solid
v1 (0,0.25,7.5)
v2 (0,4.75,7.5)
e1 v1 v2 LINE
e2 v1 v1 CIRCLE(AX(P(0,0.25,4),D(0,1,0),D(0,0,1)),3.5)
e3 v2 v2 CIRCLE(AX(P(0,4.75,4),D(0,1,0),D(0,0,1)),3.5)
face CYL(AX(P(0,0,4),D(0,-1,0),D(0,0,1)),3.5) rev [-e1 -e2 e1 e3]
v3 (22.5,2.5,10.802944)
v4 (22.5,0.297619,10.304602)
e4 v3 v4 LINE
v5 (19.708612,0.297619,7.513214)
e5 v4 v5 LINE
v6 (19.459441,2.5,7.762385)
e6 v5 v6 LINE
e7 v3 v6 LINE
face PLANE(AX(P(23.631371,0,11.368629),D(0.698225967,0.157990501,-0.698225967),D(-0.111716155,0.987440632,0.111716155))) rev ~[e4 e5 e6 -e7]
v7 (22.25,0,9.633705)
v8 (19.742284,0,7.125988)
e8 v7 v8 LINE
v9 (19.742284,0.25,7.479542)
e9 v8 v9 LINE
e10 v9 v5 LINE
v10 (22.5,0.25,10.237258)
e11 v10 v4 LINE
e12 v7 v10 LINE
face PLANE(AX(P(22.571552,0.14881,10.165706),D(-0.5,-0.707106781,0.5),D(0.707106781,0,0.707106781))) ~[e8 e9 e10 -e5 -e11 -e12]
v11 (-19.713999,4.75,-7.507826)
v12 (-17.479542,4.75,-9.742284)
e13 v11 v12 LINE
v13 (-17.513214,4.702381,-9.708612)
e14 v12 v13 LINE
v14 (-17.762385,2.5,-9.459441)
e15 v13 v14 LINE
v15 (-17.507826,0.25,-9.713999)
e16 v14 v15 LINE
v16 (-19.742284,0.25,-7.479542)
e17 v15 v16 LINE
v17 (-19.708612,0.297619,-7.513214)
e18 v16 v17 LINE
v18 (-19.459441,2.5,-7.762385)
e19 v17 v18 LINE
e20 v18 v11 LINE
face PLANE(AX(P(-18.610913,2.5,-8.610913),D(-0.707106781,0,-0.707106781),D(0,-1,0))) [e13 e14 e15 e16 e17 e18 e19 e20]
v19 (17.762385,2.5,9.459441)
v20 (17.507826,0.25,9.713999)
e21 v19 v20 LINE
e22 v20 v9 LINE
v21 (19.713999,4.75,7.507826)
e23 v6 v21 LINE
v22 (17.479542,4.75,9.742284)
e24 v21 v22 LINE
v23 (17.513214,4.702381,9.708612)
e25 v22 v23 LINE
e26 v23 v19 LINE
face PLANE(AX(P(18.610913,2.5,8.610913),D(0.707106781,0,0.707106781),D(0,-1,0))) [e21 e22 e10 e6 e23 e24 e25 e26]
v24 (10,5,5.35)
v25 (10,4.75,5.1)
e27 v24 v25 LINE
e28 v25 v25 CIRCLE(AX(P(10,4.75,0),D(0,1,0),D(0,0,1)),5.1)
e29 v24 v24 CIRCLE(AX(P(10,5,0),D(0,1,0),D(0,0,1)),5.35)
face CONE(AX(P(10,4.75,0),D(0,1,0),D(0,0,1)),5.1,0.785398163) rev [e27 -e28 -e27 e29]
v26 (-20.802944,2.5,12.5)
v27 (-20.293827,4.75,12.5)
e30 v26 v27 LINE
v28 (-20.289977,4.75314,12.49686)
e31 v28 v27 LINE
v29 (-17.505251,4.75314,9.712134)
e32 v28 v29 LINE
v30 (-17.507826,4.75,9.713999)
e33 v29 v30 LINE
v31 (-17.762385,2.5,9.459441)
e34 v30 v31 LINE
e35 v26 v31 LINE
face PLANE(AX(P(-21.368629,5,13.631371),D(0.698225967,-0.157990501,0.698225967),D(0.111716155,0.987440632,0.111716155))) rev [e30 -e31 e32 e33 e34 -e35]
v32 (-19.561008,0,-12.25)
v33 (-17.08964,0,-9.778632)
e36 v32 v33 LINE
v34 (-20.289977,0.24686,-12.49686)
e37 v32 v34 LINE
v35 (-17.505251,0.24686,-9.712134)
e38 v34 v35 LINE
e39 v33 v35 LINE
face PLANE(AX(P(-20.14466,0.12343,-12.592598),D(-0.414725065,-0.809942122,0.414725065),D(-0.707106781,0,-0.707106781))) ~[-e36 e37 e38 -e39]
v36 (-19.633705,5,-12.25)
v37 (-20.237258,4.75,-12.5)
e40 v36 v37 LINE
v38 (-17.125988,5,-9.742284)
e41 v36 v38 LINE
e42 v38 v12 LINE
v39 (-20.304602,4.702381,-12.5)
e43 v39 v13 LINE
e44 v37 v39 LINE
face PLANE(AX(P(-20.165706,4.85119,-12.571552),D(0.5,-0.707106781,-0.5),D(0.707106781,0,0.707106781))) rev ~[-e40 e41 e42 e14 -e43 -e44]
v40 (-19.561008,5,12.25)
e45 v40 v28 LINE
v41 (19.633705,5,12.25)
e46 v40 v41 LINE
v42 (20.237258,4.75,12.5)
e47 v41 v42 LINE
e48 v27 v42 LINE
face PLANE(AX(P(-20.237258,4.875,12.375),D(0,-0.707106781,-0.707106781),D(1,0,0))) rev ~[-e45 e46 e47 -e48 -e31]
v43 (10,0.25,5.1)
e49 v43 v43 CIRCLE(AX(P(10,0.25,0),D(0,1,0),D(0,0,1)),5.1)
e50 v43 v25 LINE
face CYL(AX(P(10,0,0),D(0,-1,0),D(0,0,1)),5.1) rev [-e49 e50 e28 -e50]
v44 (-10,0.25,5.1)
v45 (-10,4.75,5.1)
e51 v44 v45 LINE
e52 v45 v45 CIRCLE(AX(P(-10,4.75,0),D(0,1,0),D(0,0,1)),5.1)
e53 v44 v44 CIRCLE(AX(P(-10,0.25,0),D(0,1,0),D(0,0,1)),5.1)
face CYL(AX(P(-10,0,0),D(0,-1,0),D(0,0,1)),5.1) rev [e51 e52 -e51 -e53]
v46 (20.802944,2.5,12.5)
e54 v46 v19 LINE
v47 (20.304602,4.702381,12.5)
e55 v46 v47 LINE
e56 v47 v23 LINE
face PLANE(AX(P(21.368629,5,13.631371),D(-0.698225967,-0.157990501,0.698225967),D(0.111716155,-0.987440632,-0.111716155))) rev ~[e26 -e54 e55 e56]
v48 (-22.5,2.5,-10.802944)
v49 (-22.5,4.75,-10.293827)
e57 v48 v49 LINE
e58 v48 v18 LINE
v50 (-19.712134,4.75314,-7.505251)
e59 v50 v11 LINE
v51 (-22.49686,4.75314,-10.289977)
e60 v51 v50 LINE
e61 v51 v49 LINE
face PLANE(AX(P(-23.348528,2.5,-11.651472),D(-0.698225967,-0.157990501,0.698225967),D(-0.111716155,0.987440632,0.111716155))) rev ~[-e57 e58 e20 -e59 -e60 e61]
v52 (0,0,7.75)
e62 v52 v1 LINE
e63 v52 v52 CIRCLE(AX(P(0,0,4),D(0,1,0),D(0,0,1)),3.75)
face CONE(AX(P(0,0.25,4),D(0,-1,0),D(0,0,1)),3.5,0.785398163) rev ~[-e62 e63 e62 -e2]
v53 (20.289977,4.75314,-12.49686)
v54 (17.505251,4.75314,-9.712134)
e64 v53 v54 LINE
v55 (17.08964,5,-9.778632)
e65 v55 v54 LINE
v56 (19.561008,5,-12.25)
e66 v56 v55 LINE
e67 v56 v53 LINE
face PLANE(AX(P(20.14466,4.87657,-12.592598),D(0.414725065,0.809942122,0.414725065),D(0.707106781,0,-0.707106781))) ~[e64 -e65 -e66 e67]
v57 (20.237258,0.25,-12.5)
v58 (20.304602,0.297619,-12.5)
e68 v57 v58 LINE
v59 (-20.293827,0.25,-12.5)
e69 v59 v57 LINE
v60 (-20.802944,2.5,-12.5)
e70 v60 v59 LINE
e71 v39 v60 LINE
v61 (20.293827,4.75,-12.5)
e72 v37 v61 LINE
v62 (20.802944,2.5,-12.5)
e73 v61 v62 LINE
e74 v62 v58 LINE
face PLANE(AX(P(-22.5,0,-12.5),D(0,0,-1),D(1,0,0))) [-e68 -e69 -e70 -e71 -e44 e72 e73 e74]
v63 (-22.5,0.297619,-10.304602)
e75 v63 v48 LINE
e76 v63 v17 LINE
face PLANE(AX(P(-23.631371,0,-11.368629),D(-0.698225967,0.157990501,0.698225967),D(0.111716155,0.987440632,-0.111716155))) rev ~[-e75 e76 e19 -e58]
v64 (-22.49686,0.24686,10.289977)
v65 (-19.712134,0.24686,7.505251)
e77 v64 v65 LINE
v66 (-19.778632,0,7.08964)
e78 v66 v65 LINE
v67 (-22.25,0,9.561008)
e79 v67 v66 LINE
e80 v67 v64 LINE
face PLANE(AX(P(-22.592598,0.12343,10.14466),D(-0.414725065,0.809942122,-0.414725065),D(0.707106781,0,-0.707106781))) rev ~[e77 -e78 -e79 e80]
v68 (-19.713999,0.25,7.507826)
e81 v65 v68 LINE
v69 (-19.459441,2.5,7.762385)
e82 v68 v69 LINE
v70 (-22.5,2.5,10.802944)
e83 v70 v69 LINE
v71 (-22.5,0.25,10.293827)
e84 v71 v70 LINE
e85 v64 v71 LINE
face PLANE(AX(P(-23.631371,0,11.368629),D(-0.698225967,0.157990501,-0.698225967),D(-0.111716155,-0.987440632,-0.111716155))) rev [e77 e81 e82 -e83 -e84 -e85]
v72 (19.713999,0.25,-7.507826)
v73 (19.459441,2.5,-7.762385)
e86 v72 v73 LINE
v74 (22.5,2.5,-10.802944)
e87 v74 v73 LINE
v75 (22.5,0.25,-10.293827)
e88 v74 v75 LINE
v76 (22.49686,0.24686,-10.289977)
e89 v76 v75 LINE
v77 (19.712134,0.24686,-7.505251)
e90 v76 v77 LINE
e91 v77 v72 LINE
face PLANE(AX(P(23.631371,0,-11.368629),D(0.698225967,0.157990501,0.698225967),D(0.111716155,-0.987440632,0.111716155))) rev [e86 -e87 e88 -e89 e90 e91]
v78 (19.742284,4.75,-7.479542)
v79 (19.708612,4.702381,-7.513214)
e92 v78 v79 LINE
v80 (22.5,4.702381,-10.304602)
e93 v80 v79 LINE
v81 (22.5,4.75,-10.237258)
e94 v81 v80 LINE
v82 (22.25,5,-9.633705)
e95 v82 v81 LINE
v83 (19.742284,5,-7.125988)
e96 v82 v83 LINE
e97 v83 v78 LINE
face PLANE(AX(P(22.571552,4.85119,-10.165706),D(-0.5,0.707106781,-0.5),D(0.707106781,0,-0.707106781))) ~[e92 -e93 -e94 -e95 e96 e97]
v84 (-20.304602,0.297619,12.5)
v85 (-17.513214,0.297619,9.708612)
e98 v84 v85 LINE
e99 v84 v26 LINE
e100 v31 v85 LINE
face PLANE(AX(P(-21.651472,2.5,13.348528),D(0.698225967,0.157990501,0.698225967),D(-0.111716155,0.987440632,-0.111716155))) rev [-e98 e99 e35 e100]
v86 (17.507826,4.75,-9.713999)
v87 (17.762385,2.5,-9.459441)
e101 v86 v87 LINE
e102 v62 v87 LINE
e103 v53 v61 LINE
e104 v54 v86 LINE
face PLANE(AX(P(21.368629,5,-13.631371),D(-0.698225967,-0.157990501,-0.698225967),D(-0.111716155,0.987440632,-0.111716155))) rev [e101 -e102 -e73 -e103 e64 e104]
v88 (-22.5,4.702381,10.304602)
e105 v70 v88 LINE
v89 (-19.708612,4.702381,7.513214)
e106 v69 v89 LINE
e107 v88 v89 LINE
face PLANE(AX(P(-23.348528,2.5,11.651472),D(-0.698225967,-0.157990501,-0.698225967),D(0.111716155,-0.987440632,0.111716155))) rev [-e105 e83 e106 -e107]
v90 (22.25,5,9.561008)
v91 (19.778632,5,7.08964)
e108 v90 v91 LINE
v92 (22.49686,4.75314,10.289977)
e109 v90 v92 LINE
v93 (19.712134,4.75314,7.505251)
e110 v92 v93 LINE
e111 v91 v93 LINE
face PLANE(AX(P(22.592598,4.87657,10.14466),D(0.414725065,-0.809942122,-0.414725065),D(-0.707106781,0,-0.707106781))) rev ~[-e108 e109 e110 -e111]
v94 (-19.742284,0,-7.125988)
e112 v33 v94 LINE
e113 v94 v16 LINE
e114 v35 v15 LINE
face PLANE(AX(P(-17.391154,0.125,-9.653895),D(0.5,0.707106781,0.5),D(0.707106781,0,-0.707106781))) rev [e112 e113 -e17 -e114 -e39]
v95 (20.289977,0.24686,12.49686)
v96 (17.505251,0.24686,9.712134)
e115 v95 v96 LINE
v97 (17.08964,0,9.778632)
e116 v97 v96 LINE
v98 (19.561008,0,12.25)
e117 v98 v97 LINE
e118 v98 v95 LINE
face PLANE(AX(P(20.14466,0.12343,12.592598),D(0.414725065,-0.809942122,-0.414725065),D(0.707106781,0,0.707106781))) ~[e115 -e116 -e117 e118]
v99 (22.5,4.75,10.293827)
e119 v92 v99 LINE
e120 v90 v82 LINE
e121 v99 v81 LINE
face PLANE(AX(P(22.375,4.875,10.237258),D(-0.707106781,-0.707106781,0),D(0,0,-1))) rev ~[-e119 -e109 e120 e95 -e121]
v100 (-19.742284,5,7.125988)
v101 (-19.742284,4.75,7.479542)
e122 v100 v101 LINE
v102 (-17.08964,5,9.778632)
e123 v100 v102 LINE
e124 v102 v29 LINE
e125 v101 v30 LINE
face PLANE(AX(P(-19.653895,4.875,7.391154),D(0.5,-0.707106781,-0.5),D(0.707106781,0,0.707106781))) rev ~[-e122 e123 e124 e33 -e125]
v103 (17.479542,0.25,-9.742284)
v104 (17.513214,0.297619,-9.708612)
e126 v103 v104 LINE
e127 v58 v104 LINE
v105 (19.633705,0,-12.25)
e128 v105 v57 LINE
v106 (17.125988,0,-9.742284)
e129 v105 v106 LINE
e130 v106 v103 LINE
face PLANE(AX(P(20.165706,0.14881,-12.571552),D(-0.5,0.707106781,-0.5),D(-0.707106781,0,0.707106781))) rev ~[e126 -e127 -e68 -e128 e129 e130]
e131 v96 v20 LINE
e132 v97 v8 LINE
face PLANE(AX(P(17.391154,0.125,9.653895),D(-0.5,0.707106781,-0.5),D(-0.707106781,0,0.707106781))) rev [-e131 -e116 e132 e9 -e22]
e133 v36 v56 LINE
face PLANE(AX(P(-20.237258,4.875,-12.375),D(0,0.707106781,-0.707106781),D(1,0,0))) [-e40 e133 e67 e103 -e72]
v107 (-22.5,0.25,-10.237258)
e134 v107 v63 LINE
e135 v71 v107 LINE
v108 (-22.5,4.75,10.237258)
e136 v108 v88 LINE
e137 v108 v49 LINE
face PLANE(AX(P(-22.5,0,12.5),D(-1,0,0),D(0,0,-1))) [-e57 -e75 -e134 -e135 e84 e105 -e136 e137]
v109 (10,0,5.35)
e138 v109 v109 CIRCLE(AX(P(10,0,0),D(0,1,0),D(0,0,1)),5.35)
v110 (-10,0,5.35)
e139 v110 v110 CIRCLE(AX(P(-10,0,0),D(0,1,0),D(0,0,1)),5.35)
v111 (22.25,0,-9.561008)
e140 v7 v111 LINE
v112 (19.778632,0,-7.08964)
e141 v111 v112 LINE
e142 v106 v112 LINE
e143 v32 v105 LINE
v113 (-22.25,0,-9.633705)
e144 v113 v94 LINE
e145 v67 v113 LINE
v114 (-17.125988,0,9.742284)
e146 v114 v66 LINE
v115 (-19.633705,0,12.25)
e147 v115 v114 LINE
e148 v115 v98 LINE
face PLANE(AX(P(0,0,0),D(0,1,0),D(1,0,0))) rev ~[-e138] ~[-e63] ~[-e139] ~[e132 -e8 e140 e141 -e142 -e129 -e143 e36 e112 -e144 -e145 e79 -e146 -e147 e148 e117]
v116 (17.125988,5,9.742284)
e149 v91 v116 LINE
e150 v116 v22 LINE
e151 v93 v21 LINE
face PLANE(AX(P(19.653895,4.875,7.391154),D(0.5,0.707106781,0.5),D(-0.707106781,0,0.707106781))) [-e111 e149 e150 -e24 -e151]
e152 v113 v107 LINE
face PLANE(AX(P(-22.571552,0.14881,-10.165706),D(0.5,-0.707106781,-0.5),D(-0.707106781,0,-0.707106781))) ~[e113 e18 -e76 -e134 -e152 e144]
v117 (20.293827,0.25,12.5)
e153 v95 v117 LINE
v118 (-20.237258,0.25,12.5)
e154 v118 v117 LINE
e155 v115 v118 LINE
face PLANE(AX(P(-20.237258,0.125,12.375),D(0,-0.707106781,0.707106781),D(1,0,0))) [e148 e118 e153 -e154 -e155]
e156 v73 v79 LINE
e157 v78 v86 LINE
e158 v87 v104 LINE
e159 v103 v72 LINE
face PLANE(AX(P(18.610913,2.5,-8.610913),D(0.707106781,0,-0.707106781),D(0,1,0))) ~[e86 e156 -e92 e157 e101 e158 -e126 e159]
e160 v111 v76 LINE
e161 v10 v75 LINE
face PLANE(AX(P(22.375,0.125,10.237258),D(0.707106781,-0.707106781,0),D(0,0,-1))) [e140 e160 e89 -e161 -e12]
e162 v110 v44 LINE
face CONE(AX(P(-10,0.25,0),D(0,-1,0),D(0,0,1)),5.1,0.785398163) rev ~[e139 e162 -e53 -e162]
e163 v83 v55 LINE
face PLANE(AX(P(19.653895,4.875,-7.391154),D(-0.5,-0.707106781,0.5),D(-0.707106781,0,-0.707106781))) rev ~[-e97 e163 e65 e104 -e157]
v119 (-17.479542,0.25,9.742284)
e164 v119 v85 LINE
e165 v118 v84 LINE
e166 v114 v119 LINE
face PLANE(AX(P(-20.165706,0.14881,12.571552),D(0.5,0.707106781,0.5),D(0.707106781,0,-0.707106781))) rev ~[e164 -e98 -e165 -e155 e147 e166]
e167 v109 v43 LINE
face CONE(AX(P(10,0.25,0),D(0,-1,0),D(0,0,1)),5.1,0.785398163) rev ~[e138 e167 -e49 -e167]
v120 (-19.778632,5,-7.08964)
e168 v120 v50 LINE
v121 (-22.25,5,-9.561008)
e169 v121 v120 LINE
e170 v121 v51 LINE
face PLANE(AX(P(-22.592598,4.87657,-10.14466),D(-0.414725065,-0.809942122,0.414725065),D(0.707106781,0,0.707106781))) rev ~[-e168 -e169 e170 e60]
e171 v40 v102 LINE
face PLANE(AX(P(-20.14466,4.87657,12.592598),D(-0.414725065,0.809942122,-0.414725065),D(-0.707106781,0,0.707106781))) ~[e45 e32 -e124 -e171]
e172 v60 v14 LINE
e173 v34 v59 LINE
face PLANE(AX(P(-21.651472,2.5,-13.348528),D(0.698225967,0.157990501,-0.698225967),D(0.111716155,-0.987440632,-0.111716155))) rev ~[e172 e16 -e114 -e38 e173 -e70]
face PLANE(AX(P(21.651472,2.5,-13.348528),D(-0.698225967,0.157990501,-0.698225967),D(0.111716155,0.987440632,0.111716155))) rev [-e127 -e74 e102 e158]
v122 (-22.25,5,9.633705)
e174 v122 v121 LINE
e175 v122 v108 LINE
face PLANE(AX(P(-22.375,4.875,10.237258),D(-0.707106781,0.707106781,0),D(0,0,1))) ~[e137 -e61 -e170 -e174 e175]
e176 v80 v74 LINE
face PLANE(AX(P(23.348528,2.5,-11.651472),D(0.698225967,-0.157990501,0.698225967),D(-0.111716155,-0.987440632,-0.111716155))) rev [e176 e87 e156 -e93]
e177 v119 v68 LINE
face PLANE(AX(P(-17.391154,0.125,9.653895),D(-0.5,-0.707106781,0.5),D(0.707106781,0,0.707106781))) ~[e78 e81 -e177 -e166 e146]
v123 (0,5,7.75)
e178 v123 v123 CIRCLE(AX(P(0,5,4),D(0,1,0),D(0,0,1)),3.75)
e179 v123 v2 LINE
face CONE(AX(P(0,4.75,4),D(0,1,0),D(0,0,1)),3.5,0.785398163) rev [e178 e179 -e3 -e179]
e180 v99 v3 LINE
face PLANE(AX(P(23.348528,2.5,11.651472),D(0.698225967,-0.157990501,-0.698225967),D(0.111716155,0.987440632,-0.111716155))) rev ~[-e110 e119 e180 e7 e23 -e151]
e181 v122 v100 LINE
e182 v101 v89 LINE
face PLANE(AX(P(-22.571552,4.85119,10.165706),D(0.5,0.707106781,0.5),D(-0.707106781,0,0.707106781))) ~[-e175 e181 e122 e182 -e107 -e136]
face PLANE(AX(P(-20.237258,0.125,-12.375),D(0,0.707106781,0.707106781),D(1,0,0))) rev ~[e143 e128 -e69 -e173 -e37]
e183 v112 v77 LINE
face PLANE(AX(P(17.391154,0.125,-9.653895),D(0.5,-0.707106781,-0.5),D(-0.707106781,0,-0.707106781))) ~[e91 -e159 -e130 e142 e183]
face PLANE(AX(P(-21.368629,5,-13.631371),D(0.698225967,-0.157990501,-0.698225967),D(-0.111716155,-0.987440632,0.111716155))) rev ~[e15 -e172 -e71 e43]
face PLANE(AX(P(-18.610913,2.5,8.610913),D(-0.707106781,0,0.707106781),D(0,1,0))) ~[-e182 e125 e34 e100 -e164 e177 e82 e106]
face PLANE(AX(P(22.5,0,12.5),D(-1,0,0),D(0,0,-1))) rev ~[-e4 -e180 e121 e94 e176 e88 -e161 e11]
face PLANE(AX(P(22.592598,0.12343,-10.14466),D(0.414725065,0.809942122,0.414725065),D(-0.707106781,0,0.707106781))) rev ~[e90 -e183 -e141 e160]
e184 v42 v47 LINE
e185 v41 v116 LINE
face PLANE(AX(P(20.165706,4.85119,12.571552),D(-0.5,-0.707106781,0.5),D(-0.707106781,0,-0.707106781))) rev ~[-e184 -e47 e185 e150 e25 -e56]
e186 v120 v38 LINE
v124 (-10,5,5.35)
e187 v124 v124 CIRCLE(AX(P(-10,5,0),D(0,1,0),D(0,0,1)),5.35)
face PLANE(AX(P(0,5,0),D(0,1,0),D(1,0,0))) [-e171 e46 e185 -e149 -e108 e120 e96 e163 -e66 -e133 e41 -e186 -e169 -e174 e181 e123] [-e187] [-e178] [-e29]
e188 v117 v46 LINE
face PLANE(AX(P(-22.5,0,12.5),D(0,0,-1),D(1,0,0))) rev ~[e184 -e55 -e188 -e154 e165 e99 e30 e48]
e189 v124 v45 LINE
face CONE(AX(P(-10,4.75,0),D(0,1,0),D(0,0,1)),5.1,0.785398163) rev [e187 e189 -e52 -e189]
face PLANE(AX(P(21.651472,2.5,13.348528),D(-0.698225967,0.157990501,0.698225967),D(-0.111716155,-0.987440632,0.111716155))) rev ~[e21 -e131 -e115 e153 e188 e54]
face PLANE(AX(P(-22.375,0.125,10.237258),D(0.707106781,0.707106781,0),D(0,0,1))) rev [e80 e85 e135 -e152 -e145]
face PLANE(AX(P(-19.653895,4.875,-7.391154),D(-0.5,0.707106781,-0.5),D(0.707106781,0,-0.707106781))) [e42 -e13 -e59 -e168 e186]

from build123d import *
from OCP.BRepFilletAPI import BRepFilletAPI_MakeChamfer

# Parameters (mm, degrees)
SKETCH1_W            = 45
SKETCH1_H            = 25
SKETCH1_R            = 5.1
SKETCH1_R_2          = 3.5
BOSS_EXTRUDE1_DEPTH  = 5
CUT_EXTRUDE3_DEPTH   = 5.5
MIRROR2_COPY_1_DEPTH = 5.5
CHAMFER1_SIZE        = 0.25
CHAMFER1_SIZE2       = 0.301404498


with BuildPart() as part:
    # Sketch1 → Boss-Extrude1 (new body)
    with BuildSketch(Plane(origin=(0, 0, 0), x_dir=(1, 0, 0), z_dir=(0, 1, 0))):
        Rectangle(SKETCH1_W, SKETCH1_H)
        with Locations(Location((-10, 0, 0), (0, 0, 270))):
            Circle(SKETCH1_R, mode=Mode.SUBTRACT)
        with Locations(Location((10, 0, 0), (0, 0, 270))):
            Circle(SKETCH1_R, mode=Mode.SUBTRACT)
        with Locations(Location((0, -4, 0), (0, 0, 270))):
            Circle(SKETCH1_R_2, mode=Mode.SUBTRACT)
    extrude(amount=BOSS_EXTRUDE1_DEPTH)

    # Sketch4 → Cut-Extrude3 (cut)
    with BuildSketch(Plane(origin=(-17.5, 0, -17.5), x_dir=(0, -1, 0), z_dir=(-0.7071067811865488, 0, -0.7071067811865464))):
        Polygon((-5, 8.671067812), (-5, 5.471067812), (-2.5, 5.871067812), (0, 5.471067812), (0, 8.671067812), (-2.5, 8.271067812), align=None)
    cut_extrude3 = extrude(amount=-CUT_EXTRUDE3_DEPTH, mode=Mode.SUBTRACT)

    # Mirror1: Cut-Extrude3 across plane
    add(cut_extrude3.mirror(Plane.XY), mode=Mode.SUBTRACT)

    # Mirror2: Cut-Extrude3 across plane
    add(cut_extrude3.mirror(Plane(origin=(0, 0, 0), x_dir=(0, 0, 1), z_dir=(1, 0, 0))), mode=Mode.SUBTRACT)

    # Mirror2 copy 1 sketch → Mirror2 copy 1 (cut)
    with BuildSketch(Plane(origin=(17.5, 0, 17.5), x_dir=(0, -1, 0), z_dir=(0.7071067811865488, 0, 0.7071067811865464))):
        Polygon((-5, 8.671067812), (-5, 5.471067812), (-2.5, 5.871067812), (0, 5.471067812), (0, 8.671067812), (-2.5, 8.271067812), align=None)
    extrude(amount=-MIRROR2_COPY_1_DEPTH, mode=Mode.SUBTRACT)

    # Chamfer1: one chamfer whose edges measure the first distance from different faces: ONE call of the kernel's chamfer builder (chamfer() names one face for all edges)
    chamfer1_edges_1 = [part.edges().sort_by_distance(p)[0] for p in [
        (22.5, 5, 0),
        (22.5, 0, 0),
        (18.610912703, 0, 8.610912703),
        (18.610912703, 5, 8.610912703),
        (-10, 0, -5.1),
        (-10, 5, -5.1),
        (10, 0, -5.1),
        (10, 5, -5.1),
        (0, 0, 0.5),
        (0, 5, 0.5),
        (-22.5, 0, 0),
        (-22.5, 5, 0),
        (-18.610912703, 0, -8.610912703),
        (-18.610912703, 5, -8.610912703),
        (0, 0, 12.5),
        (0, 5, 12.5),
        (-18.610912703, 5, 8.610912703),
        (-18.610912703, 0, 8.610912703),
        (0, 0, -12.5),
        (0, 5, -12.5),
        (18.610912703, 5, -8.610912703),
        (18.610912703, 0, -8.610912703),
    ]]
    chamfer1_edges_2 = [part.edges().sort_by_distance(p)[0] for p in [
        (21.121141777, 5, 8.858400077),
    ]]
    chamfer1_side_2 = [part.faces().sort_by_distance(p)[0] for p in [
        (21.049281331, 3.729674797, 9.073981413),
    ]]
    chamfer1_edges_3 = [part.edges().sort_by_distance(p)[0] for p in [
        (21.121141777, 0, 8.858400077),
        (-21.121141777, 0, -8.858400077),
        (-18.858400077, 0, 11.121141777),
        (18.858400077, 0, -11.121141777),
    ]]
    chamfer1_side_3 = [part.faces().sort_by_distance(p)[0] for p in [
        (0, 0, -0.178389984),
    ]]
    chamfer1_edges_4 = [part.edges().sort_by_distance(p)[0] for p in [
        (18.858400077, 0, 11.121141777),
    ]]
    chamfer1_side_4 = [part.faces().sort_by_distance(p)[0] for p in [
        (19.073981413, 1.270325203, 11.049281331),
    ]]
    chamfer1_edges_5 = [part.edges().sort_by_distance(p)[0] for p in [
        (18.858400077, 5, 11.121141777),
        (-18.858400077, 5, -11.121141777),
        (-21.121141777, 5, 8.858400077),
        (21.121141777, 5, -8.858400077),
    ]]
    chamfer1_side_5 = [part.faces().sort_by_distance(p)[0] for p in [
        (0, 5, -0.178389984),
    ]]
    chamfer1_edges_6 = [part.edges().sort_by_distance(p)[0] for p in [
        (-21.121141777, 5, -8.858400077),
    ]]
    chamfer1_side_6 = [part.faces().sort_by_distance(p)[0] for p in [
        (-21.049281331, 3.729674797, -9.073981413),
    ]]
    chamfer1_edges_7 = [part.edges().sort_by_distance(p)[0] for p in [
        (-18.858400077, 0, -11.121141777),
    ]]
    chamfer1_side_7 = [part.faces().sort_by_distance(p)[0] for p in [
        (-19.073981413, 1.270325203, -11.049281331),
    ]]
    chamfer1_edges_8 = [part.edges().sort_by_distance(p)[0] for p in [
        (-21.121141777, 0, 8.858400077),
    ]]
    chamfer1_side_8 = [part.faces().sort_by_distance(p)[0] for p in [
        (-21.049281331, 1.270325203, 9.073981413),
    ]]
    chamfer1_edges_9 = [part.edges().sort_by_distance(p)[0] for p in [
        (-18.858400077, 5, 11.121141777),
    ]]
    chamfer1_side_9 = [part.faces().sort_by_distance(p)[0] for p in [
        (-19.073981413, 3.729674797, 11.049281331),
    ]]
    chamfer1_edges_10 = [part.edges().sort_by_distance(p)[0] for p in [
        (21.121141777, 0, -8.858400077),
    ]]
    chamfer1_side_10 = [part.faces().sort_by_distance(p)[0] for p in [
        (21.049281331, 1.270325203, -9.073981413),
    ]]
    chamfer1_edges_11 = [part.edges().sort_by_distance(p)[0] for p in [
        (18.858400077, 5, -11.121141777),
    ]]
    chamfer1_side_11 = [part.faces().sort_by_distance(p)[0] for p in [
        (19.073981413, 3.729674797, -11.049281331),
    ]]
    chamfer1 = BRepFilletAPI_MakeChamfer(part.part.solid().wrapped)
    for e in chamfer1_edges_1:
        chamfer1.Add(CHAMFER1_SIZE, e.wrapped)
    for e in chamfer1_edges_2:
        chamfer1.Add(CHAMFER1_SIZE, CHAMFER1_SIZE2, e.wrapped, chamfer1_side_2[0].wrapped)  # the first distance lies on this face
    for e in chamfer1_edges_3:
        chamfer1.Add(CHAMFER1_SIZE, CHAMFER1_SIZE2, e.wrapped, chamfer1_side_3[0].wrapped)  # the first distance lies on this face
    for e in chamfer1_edges_4:
        chamfer1.Add(CHAMFER1_SIZE, CHAMFER1_SIZE2, e.wrapped, chamfer1_side_4[0].wrapped)  # the first distance lies on this face
    for e in chamfer1_edges_5:
        chamfer1.Add(CHAMFER1_SIZE, CHAMFER1_SIZE2, e.wrapped, chamfer1_side_5[0].wrapped)  # the first distance lies on this face
    for e in chamfer1_edges_6:
        chamfer1.Add(CHAMFER1_SIZE, CHAMFER1_SIZE2, e.wrapped, chamfer1_side_6[0].wrapped)  # the first distance lies on this face
    for e in chamfer1_edges_7:
        chamfer1.Add(CHAMFER1_SIZE, CHAMFER1_SIZE2, e.wrapped, chamfer1_side_7[0].wrapped)  # the first distance lies on this face
    for e in chamfer1_edges_8:
        chamfer1.Add(CHAMFER1_SIZE, CHAMFER1_SIZE2, e.wrapped, chamfer1_side_8[0].wrapped)  # the first distance lies on this face
    for e in chamfer1_edges_9:
        chamfer1.Add(CHAMFER1_SIZE, CHAMFER1_SIZE2, e.wrapped, chamfer1_side_9[0].wrapped)  # the first distance lies on this face
    for e in chamfer1_edges_10:
        chamfer1.Add(CHAMFER1_SIZE, CHAMFER1_SIZE2, e.wrapped, chamfer1_side_10[0].wrapped)  # the first distance lies on this face
    for e in chamfer1_edges_11:
        chamfer1.Add(CHAMFER1_SIZE, CHAMFER1_SIZE2, e.wrapped, chamfer1_side_11[0].wrapped)  # the first distance lies on this face
    add(Compound.cast(chamfer1.Shape()), mode=Mode.REPLACE)


solid = part.part
